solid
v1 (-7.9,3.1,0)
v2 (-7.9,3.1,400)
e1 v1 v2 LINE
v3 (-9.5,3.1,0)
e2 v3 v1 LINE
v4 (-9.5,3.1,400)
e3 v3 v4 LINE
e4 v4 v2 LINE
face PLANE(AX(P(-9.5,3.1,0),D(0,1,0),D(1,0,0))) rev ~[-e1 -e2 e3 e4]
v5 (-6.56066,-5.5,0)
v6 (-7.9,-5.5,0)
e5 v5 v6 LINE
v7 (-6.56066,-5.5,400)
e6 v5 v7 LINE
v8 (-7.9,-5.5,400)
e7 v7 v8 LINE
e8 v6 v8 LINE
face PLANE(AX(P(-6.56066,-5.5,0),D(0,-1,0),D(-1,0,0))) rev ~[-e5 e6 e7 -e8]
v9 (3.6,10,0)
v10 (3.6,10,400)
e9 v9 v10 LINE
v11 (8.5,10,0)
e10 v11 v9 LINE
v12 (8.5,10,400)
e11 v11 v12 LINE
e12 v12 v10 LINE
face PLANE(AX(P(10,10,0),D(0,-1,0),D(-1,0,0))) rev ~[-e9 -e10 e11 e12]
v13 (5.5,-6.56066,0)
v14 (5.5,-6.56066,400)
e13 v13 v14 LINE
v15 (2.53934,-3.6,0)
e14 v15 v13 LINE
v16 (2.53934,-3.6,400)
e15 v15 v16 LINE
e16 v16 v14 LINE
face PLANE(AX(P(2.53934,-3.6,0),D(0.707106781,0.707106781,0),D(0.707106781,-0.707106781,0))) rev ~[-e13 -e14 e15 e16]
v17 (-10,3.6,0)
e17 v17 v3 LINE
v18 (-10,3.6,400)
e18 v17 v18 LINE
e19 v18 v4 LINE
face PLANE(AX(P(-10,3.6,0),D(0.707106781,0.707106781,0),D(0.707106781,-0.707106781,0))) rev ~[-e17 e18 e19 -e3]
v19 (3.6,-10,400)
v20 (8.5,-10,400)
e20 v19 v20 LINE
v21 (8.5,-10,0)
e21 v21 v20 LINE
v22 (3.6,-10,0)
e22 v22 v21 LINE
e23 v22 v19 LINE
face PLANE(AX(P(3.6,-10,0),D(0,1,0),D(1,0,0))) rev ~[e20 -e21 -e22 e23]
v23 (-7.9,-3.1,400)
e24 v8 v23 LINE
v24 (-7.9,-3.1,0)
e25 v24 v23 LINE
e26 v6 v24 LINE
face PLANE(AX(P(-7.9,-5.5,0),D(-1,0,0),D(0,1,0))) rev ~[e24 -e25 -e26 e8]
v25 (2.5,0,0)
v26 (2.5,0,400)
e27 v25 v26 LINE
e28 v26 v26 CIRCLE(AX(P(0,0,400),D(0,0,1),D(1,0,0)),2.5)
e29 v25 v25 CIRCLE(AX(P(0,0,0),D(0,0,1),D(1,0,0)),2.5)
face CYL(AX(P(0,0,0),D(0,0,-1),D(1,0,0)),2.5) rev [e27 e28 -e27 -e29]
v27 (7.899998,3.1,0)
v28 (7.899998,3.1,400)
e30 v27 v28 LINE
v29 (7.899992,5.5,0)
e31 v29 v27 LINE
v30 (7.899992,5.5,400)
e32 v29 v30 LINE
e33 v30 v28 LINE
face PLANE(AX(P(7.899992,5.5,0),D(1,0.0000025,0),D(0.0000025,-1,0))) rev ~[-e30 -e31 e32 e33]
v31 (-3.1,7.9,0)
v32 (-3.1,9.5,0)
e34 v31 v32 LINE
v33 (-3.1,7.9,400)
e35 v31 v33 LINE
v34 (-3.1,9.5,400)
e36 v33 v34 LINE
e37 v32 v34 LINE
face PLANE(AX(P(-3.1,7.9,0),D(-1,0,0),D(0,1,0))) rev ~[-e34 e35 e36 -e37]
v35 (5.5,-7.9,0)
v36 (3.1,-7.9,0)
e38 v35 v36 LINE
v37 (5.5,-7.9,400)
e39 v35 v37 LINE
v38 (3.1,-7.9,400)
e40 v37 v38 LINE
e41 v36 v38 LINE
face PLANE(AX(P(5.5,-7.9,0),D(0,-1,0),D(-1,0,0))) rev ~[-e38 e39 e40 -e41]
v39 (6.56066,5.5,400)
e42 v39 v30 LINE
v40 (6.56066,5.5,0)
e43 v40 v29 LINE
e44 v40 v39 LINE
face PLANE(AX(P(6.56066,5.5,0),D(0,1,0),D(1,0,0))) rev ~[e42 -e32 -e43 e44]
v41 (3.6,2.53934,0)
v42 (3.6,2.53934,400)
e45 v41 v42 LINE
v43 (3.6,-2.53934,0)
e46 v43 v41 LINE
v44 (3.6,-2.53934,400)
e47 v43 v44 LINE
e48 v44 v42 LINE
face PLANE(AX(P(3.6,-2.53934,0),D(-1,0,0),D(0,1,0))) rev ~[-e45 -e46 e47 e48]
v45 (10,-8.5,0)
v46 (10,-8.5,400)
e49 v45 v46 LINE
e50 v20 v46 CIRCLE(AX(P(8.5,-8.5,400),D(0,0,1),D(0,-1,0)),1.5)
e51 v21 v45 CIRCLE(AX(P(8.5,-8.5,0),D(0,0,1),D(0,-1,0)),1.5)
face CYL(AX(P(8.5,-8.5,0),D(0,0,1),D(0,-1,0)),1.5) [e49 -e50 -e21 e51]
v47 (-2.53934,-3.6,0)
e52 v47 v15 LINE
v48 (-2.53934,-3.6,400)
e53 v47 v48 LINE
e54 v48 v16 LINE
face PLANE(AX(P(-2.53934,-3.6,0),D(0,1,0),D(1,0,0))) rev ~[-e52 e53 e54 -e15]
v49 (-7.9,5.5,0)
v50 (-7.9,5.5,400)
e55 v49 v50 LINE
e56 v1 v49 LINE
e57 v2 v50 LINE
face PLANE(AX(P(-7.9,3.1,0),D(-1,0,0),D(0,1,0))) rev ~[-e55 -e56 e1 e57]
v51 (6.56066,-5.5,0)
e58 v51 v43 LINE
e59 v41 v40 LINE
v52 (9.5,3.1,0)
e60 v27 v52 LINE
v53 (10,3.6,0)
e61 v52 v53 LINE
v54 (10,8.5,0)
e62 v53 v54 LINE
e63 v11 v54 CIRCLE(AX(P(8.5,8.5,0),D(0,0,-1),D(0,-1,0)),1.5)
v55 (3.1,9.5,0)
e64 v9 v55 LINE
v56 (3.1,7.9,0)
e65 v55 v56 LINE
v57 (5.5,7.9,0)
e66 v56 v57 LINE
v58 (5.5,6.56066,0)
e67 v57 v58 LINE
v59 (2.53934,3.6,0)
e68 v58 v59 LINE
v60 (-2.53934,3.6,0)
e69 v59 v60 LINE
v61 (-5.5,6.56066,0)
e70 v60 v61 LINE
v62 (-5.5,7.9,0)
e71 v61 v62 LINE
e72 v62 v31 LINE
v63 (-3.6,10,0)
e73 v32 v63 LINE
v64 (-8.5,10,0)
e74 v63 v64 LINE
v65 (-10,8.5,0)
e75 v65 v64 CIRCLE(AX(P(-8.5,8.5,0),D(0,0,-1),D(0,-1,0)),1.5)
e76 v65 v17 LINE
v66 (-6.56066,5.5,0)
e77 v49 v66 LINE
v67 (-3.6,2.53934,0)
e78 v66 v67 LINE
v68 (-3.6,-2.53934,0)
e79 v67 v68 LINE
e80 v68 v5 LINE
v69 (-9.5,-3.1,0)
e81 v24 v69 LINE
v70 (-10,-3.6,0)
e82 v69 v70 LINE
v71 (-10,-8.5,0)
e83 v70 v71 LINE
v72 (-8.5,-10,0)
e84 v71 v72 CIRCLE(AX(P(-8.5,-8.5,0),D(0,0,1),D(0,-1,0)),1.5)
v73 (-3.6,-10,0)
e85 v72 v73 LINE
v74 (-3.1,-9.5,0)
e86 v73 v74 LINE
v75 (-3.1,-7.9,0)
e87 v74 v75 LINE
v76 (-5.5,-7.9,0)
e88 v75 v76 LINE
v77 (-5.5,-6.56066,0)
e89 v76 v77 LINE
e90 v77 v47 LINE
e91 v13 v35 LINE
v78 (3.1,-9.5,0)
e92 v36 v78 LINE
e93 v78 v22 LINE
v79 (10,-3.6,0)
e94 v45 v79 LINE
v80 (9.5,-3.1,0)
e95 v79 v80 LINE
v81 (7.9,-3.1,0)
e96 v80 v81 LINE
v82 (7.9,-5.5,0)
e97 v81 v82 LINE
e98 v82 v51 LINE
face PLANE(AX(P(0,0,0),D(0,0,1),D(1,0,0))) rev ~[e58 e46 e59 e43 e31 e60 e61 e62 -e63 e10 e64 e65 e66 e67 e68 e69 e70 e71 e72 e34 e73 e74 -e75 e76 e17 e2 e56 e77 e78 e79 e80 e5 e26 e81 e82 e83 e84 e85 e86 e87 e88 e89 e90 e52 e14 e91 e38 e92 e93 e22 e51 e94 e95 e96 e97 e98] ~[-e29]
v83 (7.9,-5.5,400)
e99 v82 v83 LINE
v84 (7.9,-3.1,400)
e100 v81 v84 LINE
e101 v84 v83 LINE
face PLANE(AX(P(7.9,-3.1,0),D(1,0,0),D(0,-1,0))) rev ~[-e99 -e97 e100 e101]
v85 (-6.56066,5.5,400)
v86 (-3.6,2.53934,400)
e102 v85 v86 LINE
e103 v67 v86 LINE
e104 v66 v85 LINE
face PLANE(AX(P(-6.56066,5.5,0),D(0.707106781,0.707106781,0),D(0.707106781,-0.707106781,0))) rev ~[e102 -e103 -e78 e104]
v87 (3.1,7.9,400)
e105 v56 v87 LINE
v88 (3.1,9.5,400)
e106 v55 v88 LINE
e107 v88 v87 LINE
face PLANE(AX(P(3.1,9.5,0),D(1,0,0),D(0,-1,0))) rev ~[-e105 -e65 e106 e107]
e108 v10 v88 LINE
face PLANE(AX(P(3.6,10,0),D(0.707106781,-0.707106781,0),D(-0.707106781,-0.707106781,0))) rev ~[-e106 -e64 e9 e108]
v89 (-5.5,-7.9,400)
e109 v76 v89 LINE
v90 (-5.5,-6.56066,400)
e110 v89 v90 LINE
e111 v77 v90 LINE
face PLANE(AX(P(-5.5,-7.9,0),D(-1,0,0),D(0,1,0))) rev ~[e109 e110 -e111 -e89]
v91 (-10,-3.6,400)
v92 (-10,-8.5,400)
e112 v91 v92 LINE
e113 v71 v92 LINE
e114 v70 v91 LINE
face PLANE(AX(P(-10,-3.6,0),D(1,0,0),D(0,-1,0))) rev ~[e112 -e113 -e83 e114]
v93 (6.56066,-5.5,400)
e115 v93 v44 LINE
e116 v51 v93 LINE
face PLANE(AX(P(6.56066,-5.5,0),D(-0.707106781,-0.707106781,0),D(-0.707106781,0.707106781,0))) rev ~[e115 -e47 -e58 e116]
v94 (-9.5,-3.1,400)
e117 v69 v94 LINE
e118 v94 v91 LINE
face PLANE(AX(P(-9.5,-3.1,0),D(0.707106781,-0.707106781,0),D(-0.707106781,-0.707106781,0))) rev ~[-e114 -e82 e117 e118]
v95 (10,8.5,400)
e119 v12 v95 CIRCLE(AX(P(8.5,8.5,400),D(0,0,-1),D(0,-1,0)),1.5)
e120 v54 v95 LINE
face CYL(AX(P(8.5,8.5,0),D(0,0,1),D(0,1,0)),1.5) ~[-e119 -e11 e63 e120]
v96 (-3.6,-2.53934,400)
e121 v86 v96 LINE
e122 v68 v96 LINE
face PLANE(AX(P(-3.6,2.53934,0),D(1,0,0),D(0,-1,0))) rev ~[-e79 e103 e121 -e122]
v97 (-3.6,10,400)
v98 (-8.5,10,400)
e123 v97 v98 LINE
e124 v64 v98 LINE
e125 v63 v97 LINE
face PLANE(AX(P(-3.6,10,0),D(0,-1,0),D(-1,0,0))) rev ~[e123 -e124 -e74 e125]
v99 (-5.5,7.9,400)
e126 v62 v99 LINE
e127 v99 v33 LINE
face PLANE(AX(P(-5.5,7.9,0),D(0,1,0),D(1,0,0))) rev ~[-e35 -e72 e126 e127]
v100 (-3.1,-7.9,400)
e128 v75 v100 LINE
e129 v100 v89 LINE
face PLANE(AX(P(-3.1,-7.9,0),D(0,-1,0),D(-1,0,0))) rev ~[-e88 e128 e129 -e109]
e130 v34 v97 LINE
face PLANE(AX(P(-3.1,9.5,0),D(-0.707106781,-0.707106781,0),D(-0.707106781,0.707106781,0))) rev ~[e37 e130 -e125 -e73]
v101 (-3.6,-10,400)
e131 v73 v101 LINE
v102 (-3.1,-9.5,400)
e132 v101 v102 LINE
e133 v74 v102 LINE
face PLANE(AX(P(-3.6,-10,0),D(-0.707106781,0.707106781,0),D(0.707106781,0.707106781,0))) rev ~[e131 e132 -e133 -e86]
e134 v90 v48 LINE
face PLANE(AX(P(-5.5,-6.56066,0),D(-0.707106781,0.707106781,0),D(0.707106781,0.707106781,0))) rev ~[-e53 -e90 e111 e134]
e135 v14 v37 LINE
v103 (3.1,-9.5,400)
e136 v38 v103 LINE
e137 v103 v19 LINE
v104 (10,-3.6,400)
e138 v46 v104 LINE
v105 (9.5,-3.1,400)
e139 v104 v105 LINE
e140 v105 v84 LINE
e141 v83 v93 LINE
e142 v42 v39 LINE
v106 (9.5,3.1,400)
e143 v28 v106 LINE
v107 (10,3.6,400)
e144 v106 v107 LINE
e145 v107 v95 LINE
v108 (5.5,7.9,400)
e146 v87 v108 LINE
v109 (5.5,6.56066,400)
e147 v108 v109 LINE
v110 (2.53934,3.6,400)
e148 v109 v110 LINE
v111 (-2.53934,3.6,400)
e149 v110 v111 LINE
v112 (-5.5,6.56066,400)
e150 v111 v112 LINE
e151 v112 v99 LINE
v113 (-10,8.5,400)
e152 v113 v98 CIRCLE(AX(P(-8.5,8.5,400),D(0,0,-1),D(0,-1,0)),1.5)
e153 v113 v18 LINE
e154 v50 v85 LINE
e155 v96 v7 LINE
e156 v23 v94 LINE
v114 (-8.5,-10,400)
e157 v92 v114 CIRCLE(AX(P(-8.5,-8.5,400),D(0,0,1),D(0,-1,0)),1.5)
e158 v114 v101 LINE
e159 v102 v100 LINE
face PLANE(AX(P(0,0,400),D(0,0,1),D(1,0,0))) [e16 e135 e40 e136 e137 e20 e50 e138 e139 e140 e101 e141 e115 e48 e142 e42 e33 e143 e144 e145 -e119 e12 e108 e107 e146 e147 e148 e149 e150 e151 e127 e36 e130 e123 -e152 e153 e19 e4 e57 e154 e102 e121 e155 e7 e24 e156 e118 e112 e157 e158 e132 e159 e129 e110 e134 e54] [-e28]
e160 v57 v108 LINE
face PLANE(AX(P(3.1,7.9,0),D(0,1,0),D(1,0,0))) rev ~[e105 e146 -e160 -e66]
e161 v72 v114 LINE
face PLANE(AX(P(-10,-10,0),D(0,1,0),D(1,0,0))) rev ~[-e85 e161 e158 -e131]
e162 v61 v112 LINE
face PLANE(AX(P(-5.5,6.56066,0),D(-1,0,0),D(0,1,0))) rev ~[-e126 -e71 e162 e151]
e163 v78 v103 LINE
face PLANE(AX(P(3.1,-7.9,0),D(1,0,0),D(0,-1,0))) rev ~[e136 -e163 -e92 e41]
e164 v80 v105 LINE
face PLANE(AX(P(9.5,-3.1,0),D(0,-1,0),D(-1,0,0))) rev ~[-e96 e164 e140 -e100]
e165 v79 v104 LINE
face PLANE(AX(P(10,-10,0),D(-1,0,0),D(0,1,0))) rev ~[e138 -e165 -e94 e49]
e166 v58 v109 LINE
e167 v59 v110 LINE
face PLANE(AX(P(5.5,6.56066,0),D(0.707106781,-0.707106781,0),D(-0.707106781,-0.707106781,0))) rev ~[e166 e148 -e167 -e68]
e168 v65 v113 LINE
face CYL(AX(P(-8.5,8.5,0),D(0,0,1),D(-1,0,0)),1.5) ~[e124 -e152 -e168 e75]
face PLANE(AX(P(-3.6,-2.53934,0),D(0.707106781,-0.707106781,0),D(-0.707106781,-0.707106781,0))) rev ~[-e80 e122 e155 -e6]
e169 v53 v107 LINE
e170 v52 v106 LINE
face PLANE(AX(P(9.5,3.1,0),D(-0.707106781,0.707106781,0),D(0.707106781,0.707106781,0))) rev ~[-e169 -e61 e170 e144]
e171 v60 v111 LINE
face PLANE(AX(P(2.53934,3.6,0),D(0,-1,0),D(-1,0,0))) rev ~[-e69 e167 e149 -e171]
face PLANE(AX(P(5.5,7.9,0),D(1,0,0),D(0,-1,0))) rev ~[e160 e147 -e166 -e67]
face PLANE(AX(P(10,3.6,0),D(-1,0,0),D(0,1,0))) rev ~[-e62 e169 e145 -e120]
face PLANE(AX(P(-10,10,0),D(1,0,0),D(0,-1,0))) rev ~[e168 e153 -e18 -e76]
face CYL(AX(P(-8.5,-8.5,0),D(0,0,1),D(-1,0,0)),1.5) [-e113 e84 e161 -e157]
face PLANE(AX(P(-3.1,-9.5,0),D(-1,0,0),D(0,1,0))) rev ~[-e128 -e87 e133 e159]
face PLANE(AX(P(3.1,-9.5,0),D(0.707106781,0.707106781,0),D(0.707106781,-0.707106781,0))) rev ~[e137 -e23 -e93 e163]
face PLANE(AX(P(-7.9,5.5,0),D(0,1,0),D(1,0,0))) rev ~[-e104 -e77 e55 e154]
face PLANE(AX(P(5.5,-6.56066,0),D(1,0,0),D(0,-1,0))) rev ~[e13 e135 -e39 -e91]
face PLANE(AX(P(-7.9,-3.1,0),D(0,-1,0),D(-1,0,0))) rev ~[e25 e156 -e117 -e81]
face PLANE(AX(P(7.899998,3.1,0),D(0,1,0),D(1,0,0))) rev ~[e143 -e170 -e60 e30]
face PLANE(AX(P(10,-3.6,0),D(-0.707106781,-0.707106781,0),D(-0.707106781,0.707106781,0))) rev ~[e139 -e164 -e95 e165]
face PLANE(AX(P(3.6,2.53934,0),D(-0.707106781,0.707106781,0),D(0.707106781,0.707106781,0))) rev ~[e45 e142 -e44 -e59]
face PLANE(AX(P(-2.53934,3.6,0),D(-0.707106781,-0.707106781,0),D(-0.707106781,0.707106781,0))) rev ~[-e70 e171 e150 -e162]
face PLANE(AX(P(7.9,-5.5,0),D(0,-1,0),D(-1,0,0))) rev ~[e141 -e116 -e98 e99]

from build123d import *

# Parameters (mm, degrees)
SKETCH_R  = 2.5
PAD_DEPTH = 400
FILLET_R  = 1.5


with BuildPart() as part:
    # Sketch → Pad (new body)
    with BuildSketch(Plane.XY):
        Polygon((-3.6, 2.53934), (-3.6, -2.53934), (-6.56066, -5.5), (-7.9, -5.5), (-7.9, -3.1), (-9.5, -3.1), (-10, -3.6), (-10, -10), (-3.6, -10), (-3.1, -9.5), (-3.1, -7.9), (-5.5, -7.9), (-5.5, -6.56066), (-2.53934, -3.6), (2.53934, -3.6), (5.5, -6.56066), (5.5, -7.9), (3.1, -7.9), (3.1, -9.5), (3.6, -10), (10, -10), (10, -3.6), (9.5, -3.1), (7.9, -3.1), (7.9, -5.5), (6.56066, -5.5), (3.6, -2.53934), (3.6, 2.53934), (6.56066, 5.5), (7.899992, 5.5), (7.899998, 3.1), (9.5, 3.1), (10, 3.6), (10, 10), (3.6, 10), (3.1, 9.5), (3.1, 7.9), (5.5, 7.9), (5.5, 6.56066), (2.53934, 3.6), (-2.53934, 3.6), (-5.5, 6.56066), (-5.5, 7.9), (-3.1, 7.9), (-3.1, 9.5), (-3.6, 10), (-10, 10), (-10, 3.6), (-9.5, 3.1), (-7.9, 3.1), (-7.9, 5.5), (-6.56066, 5.5), align=None)
        Circle(SKETCH_R, mode=Mode.SUBTRACT)
    extrude(amount=PAD_DEPTH)

    # Fillet
    fillet_edges = [part.edges().sort_by_distance(p)[0] for p in [
        (-10, -10, 200),
        (10, -10, 200),
        (10, 10, 200),
        (-10, 10, 200),
    ]]
    fillet(fillet_edges, radius=FILLET_R)


solid = part.part
